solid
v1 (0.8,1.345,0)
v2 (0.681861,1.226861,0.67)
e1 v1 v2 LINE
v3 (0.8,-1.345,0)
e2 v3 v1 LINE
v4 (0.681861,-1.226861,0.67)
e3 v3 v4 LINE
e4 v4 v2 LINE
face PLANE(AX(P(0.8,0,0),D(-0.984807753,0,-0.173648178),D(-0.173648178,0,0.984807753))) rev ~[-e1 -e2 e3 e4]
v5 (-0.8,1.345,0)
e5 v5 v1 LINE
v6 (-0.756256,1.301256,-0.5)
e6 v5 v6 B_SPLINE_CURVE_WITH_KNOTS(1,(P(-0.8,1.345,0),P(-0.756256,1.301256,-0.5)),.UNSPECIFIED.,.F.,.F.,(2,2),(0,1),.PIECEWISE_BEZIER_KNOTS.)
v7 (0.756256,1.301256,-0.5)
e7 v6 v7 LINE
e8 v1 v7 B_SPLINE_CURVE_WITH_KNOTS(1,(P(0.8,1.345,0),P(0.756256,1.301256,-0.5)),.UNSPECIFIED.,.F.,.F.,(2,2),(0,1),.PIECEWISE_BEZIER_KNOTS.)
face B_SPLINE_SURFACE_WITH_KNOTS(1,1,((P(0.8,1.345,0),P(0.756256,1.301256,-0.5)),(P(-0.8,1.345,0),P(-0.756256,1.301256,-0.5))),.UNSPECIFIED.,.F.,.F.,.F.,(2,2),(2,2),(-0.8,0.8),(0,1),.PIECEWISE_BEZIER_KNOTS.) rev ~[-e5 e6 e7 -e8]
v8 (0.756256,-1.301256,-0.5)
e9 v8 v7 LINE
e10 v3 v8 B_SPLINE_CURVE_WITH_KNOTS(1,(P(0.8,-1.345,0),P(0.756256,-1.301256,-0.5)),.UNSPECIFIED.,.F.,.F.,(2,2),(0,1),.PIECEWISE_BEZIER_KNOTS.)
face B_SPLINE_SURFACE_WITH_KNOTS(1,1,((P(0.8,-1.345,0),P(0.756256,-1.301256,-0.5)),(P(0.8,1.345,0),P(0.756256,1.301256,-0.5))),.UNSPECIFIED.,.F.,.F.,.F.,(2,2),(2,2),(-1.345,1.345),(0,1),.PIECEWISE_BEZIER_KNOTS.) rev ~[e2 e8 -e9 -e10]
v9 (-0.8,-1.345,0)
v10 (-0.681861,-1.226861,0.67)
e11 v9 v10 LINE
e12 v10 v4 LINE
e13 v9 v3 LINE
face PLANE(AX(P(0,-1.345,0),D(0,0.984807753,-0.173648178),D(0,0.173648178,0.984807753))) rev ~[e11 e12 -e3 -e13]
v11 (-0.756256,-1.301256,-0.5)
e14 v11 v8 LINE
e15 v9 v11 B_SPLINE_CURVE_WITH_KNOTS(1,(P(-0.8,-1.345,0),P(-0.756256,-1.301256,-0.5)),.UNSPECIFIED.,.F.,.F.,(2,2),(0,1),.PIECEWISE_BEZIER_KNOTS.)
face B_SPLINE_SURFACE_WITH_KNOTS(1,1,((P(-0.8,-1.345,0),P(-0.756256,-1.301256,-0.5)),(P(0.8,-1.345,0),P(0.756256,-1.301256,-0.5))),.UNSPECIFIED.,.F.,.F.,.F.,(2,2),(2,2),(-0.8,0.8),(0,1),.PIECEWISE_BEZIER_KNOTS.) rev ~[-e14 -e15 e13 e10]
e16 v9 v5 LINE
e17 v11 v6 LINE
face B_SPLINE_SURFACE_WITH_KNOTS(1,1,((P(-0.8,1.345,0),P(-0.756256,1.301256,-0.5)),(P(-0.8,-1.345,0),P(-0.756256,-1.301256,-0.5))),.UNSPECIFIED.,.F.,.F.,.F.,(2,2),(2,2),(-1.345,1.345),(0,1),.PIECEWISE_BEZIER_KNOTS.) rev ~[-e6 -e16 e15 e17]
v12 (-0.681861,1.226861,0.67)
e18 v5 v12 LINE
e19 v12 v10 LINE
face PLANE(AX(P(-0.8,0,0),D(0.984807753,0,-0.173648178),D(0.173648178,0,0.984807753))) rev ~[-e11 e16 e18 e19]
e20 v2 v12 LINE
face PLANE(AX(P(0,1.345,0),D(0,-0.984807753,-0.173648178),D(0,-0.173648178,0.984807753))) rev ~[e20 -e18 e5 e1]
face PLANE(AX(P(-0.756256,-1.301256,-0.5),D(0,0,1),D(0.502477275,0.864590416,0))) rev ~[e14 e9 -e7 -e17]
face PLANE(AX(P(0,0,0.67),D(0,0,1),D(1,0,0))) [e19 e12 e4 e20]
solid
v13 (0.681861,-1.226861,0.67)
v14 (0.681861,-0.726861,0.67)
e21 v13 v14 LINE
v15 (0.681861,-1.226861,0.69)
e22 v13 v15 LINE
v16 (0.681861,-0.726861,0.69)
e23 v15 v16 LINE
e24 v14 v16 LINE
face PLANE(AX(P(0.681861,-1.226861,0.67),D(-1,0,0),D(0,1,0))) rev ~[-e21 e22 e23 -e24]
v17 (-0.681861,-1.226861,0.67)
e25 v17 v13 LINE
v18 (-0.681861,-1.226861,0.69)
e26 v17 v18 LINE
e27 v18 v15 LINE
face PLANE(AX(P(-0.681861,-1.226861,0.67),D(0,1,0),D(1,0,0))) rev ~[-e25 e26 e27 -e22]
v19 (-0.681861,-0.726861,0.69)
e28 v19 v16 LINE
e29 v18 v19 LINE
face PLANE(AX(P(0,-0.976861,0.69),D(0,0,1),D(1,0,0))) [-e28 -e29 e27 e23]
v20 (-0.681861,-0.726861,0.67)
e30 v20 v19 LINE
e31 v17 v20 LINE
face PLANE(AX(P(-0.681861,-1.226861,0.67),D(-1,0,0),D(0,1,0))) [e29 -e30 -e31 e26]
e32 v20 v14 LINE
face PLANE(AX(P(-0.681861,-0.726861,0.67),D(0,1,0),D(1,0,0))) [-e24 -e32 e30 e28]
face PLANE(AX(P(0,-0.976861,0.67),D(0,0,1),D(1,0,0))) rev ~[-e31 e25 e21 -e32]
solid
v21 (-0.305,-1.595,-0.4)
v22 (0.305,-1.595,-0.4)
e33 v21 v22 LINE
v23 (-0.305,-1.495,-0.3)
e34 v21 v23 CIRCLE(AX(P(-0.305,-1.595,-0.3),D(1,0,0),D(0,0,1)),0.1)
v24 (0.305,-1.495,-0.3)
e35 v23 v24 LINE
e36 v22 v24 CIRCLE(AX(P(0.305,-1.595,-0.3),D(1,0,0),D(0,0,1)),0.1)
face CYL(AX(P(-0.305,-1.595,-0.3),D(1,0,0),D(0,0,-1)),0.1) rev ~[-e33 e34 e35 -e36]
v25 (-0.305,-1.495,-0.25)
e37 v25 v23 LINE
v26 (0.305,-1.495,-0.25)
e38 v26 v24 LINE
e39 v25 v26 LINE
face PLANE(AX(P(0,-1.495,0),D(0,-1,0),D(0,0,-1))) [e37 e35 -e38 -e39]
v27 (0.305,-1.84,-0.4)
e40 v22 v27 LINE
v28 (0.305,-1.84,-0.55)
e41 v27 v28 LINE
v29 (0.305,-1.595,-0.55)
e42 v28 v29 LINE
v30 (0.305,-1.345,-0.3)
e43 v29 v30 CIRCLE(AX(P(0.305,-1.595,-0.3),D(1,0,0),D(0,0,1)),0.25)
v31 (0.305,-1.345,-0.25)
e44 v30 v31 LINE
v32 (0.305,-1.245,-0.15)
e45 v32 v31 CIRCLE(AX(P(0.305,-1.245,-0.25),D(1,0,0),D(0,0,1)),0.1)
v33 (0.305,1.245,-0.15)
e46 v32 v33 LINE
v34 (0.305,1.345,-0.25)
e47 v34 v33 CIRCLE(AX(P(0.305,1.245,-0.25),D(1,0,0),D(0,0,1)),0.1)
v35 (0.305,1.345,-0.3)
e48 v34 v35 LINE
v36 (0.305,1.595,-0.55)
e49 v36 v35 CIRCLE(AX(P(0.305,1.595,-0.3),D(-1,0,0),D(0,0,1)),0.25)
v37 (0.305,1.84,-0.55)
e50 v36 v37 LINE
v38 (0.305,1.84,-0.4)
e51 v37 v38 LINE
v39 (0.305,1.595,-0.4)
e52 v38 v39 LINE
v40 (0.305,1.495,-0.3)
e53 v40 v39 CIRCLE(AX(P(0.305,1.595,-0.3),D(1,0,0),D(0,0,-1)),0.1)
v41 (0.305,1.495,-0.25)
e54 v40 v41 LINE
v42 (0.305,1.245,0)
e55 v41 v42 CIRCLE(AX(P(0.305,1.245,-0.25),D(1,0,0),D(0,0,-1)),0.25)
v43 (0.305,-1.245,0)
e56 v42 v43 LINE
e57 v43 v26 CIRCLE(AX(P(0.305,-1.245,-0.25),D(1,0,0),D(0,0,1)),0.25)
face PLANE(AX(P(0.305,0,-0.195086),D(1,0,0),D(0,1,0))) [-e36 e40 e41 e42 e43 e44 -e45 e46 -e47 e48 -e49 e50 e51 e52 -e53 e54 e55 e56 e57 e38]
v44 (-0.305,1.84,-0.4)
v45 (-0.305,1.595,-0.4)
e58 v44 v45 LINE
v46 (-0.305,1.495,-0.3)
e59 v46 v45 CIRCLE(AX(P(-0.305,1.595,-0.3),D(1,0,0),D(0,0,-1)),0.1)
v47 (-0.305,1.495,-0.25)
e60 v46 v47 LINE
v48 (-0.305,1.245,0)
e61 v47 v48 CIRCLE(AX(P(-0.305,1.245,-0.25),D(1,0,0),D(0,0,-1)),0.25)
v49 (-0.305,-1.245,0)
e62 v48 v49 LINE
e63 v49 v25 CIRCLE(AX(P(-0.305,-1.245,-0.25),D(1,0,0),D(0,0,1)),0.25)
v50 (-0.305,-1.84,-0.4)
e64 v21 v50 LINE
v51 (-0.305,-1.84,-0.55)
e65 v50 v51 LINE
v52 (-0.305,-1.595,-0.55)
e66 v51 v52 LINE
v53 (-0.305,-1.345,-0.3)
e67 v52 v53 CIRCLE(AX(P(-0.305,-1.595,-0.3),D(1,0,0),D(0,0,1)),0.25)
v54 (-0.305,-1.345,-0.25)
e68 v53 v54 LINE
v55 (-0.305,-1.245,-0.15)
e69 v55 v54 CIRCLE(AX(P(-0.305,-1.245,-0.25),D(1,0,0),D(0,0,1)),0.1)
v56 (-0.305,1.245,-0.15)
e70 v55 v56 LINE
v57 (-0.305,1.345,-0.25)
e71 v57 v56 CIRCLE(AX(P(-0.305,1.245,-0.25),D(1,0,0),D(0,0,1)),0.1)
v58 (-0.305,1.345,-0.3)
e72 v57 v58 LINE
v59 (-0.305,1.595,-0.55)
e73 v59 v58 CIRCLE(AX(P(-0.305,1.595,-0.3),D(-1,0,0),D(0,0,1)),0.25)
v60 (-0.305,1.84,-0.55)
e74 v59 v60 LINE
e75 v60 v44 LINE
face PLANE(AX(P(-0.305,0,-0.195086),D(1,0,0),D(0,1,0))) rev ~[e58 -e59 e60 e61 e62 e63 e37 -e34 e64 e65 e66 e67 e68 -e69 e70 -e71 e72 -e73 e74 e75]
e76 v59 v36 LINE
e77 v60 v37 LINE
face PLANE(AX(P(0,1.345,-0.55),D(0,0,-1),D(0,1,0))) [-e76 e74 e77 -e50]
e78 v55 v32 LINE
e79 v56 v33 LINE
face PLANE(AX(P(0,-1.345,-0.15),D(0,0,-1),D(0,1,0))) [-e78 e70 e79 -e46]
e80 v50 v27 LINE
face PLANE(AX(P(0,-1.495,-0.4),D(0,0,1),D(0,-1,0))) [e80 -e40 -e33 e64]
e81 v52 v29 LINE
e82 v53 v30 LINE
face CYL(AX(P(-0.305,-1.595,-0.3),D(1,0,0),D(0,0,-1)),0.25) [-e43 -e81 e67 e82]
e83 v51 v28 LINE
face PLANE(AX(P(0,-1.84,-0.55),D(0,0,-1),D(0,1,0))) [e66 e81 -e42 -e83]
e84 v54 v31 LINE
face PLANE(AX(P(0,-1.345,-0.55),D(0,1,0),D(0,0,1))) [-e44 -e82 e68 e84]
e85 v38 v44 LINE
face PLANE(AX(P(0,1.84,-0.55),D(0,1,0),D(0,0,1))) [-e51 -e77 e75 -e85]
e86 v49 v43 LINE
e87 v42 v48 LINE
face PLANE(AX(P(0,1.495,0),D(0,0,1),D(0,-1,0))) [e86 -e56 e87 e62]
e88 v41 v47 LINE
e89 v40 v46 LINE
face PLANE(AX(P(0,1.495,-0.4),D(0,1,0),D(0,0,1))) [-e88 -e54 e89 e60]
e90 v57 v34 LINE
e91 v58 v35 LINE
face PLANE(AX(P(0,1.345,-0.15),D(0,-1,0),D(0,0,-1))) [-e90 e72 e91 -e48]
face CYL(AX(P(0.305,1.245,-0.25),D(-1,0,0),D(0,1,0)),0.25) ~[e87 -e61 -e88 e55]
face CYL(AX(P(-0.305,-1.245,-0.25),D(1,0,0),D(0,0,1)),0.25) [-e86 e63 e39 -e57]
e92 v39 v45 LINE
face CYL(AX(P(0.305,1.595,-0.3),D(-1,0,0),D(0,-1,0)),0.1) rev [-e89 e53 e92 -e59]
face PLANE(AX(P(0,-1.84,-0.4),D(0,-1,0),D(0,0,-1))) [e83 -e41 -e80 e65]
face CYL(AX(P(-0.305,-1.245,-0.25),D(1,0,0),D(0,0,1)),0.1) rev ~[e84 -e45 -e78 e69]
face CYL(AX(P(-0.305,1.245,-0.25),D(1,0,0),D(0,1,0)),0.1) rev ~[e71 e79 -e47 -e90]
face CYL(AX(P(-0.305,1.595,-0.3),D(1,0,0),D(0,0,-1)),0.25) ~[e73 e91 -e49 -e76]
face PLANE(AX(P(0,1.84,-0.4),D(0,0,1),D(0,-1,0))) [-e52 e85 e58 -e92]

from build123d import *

# Parameters (mm, degrees)
F0_W     = 1.6
F0_H     = 2.69
F1_DEPTH = 0.5
F1_TAPER = 5
F2_DEPTH = 0.67
F2_TAPER = 10
F4_DEPTH = 0.305
F5_R     = 0.1
F6_R     = 0.25
F7_W     = 1.3637218459
F7_H     = 0.5
F8_DEPTH = 0.02


with BuildPart() as f1:
    # F0 (on Top) → F1 (new body)
    with BuildSketch(Plane.XY):
        Rectangle(F0_W, F0_H)
    extrude(amount=-F1_DEPTH, taper=F1_TAPER)

    # F0 (on Top) → F2 (join)
    with BuildSketch(Plane.XY):
        Rectangle(F0_W, F0_H)
    extrude(amount=F2_DEPTH, taper=F2_TAPER)


with BuildPart() as f4:
    # F3 (on Right) → F4 (new body, symmetric)
    with BuildSketch(Plane.YZ):
        Polygon((1.495, 0), (0, 0), (-1.495, 0), (-1.495, -0.4), (-1.84, -0.4), (-1.84, -0.55), (-1.345, -0.55), (-1.345, -0.15), (0, -0.15), (1.345, -0.15), (1.345, -0.55), (1.84, -0.55), (1.84, -0.4), (1.495, -0.4), align=None)
    extrude(amount=F4_DEPTH, both=True)

    # F5
    f5_edges = [f4.edges().sort_by_distance(p)[0] for p in [
        (0, 1.495, -0.4),
        (0, -1.495, -0.4),
        (0, 1.345, -0.15),
        (0, -1.345, -0.15),
    ]]
    fillet(f5_edges, radius=F5_R)

    # F6
    f6_edges = [f4.edges().sort_by_distance(p)[0] for p in [
        (0, -1.495, 0),
        (0, -1.345, -0.55),
        (0, 1.345, -0.55),
        (0, 1.495, 0),
    ]]
    fillet(f6_edges, radius=F6_R)


with BuildPart() as f8:
    # F7 (on face) → F8 (new body)
    with BuildSketch(Plane.XY.offset(0.67)):
        with Locations((0, -0.9768609229)):
            Rectangle(F7_W, F7_H)
    extrude(amount=F8_DEPTH)


solid = Compound([f1.part, f4.part, f8.part])
